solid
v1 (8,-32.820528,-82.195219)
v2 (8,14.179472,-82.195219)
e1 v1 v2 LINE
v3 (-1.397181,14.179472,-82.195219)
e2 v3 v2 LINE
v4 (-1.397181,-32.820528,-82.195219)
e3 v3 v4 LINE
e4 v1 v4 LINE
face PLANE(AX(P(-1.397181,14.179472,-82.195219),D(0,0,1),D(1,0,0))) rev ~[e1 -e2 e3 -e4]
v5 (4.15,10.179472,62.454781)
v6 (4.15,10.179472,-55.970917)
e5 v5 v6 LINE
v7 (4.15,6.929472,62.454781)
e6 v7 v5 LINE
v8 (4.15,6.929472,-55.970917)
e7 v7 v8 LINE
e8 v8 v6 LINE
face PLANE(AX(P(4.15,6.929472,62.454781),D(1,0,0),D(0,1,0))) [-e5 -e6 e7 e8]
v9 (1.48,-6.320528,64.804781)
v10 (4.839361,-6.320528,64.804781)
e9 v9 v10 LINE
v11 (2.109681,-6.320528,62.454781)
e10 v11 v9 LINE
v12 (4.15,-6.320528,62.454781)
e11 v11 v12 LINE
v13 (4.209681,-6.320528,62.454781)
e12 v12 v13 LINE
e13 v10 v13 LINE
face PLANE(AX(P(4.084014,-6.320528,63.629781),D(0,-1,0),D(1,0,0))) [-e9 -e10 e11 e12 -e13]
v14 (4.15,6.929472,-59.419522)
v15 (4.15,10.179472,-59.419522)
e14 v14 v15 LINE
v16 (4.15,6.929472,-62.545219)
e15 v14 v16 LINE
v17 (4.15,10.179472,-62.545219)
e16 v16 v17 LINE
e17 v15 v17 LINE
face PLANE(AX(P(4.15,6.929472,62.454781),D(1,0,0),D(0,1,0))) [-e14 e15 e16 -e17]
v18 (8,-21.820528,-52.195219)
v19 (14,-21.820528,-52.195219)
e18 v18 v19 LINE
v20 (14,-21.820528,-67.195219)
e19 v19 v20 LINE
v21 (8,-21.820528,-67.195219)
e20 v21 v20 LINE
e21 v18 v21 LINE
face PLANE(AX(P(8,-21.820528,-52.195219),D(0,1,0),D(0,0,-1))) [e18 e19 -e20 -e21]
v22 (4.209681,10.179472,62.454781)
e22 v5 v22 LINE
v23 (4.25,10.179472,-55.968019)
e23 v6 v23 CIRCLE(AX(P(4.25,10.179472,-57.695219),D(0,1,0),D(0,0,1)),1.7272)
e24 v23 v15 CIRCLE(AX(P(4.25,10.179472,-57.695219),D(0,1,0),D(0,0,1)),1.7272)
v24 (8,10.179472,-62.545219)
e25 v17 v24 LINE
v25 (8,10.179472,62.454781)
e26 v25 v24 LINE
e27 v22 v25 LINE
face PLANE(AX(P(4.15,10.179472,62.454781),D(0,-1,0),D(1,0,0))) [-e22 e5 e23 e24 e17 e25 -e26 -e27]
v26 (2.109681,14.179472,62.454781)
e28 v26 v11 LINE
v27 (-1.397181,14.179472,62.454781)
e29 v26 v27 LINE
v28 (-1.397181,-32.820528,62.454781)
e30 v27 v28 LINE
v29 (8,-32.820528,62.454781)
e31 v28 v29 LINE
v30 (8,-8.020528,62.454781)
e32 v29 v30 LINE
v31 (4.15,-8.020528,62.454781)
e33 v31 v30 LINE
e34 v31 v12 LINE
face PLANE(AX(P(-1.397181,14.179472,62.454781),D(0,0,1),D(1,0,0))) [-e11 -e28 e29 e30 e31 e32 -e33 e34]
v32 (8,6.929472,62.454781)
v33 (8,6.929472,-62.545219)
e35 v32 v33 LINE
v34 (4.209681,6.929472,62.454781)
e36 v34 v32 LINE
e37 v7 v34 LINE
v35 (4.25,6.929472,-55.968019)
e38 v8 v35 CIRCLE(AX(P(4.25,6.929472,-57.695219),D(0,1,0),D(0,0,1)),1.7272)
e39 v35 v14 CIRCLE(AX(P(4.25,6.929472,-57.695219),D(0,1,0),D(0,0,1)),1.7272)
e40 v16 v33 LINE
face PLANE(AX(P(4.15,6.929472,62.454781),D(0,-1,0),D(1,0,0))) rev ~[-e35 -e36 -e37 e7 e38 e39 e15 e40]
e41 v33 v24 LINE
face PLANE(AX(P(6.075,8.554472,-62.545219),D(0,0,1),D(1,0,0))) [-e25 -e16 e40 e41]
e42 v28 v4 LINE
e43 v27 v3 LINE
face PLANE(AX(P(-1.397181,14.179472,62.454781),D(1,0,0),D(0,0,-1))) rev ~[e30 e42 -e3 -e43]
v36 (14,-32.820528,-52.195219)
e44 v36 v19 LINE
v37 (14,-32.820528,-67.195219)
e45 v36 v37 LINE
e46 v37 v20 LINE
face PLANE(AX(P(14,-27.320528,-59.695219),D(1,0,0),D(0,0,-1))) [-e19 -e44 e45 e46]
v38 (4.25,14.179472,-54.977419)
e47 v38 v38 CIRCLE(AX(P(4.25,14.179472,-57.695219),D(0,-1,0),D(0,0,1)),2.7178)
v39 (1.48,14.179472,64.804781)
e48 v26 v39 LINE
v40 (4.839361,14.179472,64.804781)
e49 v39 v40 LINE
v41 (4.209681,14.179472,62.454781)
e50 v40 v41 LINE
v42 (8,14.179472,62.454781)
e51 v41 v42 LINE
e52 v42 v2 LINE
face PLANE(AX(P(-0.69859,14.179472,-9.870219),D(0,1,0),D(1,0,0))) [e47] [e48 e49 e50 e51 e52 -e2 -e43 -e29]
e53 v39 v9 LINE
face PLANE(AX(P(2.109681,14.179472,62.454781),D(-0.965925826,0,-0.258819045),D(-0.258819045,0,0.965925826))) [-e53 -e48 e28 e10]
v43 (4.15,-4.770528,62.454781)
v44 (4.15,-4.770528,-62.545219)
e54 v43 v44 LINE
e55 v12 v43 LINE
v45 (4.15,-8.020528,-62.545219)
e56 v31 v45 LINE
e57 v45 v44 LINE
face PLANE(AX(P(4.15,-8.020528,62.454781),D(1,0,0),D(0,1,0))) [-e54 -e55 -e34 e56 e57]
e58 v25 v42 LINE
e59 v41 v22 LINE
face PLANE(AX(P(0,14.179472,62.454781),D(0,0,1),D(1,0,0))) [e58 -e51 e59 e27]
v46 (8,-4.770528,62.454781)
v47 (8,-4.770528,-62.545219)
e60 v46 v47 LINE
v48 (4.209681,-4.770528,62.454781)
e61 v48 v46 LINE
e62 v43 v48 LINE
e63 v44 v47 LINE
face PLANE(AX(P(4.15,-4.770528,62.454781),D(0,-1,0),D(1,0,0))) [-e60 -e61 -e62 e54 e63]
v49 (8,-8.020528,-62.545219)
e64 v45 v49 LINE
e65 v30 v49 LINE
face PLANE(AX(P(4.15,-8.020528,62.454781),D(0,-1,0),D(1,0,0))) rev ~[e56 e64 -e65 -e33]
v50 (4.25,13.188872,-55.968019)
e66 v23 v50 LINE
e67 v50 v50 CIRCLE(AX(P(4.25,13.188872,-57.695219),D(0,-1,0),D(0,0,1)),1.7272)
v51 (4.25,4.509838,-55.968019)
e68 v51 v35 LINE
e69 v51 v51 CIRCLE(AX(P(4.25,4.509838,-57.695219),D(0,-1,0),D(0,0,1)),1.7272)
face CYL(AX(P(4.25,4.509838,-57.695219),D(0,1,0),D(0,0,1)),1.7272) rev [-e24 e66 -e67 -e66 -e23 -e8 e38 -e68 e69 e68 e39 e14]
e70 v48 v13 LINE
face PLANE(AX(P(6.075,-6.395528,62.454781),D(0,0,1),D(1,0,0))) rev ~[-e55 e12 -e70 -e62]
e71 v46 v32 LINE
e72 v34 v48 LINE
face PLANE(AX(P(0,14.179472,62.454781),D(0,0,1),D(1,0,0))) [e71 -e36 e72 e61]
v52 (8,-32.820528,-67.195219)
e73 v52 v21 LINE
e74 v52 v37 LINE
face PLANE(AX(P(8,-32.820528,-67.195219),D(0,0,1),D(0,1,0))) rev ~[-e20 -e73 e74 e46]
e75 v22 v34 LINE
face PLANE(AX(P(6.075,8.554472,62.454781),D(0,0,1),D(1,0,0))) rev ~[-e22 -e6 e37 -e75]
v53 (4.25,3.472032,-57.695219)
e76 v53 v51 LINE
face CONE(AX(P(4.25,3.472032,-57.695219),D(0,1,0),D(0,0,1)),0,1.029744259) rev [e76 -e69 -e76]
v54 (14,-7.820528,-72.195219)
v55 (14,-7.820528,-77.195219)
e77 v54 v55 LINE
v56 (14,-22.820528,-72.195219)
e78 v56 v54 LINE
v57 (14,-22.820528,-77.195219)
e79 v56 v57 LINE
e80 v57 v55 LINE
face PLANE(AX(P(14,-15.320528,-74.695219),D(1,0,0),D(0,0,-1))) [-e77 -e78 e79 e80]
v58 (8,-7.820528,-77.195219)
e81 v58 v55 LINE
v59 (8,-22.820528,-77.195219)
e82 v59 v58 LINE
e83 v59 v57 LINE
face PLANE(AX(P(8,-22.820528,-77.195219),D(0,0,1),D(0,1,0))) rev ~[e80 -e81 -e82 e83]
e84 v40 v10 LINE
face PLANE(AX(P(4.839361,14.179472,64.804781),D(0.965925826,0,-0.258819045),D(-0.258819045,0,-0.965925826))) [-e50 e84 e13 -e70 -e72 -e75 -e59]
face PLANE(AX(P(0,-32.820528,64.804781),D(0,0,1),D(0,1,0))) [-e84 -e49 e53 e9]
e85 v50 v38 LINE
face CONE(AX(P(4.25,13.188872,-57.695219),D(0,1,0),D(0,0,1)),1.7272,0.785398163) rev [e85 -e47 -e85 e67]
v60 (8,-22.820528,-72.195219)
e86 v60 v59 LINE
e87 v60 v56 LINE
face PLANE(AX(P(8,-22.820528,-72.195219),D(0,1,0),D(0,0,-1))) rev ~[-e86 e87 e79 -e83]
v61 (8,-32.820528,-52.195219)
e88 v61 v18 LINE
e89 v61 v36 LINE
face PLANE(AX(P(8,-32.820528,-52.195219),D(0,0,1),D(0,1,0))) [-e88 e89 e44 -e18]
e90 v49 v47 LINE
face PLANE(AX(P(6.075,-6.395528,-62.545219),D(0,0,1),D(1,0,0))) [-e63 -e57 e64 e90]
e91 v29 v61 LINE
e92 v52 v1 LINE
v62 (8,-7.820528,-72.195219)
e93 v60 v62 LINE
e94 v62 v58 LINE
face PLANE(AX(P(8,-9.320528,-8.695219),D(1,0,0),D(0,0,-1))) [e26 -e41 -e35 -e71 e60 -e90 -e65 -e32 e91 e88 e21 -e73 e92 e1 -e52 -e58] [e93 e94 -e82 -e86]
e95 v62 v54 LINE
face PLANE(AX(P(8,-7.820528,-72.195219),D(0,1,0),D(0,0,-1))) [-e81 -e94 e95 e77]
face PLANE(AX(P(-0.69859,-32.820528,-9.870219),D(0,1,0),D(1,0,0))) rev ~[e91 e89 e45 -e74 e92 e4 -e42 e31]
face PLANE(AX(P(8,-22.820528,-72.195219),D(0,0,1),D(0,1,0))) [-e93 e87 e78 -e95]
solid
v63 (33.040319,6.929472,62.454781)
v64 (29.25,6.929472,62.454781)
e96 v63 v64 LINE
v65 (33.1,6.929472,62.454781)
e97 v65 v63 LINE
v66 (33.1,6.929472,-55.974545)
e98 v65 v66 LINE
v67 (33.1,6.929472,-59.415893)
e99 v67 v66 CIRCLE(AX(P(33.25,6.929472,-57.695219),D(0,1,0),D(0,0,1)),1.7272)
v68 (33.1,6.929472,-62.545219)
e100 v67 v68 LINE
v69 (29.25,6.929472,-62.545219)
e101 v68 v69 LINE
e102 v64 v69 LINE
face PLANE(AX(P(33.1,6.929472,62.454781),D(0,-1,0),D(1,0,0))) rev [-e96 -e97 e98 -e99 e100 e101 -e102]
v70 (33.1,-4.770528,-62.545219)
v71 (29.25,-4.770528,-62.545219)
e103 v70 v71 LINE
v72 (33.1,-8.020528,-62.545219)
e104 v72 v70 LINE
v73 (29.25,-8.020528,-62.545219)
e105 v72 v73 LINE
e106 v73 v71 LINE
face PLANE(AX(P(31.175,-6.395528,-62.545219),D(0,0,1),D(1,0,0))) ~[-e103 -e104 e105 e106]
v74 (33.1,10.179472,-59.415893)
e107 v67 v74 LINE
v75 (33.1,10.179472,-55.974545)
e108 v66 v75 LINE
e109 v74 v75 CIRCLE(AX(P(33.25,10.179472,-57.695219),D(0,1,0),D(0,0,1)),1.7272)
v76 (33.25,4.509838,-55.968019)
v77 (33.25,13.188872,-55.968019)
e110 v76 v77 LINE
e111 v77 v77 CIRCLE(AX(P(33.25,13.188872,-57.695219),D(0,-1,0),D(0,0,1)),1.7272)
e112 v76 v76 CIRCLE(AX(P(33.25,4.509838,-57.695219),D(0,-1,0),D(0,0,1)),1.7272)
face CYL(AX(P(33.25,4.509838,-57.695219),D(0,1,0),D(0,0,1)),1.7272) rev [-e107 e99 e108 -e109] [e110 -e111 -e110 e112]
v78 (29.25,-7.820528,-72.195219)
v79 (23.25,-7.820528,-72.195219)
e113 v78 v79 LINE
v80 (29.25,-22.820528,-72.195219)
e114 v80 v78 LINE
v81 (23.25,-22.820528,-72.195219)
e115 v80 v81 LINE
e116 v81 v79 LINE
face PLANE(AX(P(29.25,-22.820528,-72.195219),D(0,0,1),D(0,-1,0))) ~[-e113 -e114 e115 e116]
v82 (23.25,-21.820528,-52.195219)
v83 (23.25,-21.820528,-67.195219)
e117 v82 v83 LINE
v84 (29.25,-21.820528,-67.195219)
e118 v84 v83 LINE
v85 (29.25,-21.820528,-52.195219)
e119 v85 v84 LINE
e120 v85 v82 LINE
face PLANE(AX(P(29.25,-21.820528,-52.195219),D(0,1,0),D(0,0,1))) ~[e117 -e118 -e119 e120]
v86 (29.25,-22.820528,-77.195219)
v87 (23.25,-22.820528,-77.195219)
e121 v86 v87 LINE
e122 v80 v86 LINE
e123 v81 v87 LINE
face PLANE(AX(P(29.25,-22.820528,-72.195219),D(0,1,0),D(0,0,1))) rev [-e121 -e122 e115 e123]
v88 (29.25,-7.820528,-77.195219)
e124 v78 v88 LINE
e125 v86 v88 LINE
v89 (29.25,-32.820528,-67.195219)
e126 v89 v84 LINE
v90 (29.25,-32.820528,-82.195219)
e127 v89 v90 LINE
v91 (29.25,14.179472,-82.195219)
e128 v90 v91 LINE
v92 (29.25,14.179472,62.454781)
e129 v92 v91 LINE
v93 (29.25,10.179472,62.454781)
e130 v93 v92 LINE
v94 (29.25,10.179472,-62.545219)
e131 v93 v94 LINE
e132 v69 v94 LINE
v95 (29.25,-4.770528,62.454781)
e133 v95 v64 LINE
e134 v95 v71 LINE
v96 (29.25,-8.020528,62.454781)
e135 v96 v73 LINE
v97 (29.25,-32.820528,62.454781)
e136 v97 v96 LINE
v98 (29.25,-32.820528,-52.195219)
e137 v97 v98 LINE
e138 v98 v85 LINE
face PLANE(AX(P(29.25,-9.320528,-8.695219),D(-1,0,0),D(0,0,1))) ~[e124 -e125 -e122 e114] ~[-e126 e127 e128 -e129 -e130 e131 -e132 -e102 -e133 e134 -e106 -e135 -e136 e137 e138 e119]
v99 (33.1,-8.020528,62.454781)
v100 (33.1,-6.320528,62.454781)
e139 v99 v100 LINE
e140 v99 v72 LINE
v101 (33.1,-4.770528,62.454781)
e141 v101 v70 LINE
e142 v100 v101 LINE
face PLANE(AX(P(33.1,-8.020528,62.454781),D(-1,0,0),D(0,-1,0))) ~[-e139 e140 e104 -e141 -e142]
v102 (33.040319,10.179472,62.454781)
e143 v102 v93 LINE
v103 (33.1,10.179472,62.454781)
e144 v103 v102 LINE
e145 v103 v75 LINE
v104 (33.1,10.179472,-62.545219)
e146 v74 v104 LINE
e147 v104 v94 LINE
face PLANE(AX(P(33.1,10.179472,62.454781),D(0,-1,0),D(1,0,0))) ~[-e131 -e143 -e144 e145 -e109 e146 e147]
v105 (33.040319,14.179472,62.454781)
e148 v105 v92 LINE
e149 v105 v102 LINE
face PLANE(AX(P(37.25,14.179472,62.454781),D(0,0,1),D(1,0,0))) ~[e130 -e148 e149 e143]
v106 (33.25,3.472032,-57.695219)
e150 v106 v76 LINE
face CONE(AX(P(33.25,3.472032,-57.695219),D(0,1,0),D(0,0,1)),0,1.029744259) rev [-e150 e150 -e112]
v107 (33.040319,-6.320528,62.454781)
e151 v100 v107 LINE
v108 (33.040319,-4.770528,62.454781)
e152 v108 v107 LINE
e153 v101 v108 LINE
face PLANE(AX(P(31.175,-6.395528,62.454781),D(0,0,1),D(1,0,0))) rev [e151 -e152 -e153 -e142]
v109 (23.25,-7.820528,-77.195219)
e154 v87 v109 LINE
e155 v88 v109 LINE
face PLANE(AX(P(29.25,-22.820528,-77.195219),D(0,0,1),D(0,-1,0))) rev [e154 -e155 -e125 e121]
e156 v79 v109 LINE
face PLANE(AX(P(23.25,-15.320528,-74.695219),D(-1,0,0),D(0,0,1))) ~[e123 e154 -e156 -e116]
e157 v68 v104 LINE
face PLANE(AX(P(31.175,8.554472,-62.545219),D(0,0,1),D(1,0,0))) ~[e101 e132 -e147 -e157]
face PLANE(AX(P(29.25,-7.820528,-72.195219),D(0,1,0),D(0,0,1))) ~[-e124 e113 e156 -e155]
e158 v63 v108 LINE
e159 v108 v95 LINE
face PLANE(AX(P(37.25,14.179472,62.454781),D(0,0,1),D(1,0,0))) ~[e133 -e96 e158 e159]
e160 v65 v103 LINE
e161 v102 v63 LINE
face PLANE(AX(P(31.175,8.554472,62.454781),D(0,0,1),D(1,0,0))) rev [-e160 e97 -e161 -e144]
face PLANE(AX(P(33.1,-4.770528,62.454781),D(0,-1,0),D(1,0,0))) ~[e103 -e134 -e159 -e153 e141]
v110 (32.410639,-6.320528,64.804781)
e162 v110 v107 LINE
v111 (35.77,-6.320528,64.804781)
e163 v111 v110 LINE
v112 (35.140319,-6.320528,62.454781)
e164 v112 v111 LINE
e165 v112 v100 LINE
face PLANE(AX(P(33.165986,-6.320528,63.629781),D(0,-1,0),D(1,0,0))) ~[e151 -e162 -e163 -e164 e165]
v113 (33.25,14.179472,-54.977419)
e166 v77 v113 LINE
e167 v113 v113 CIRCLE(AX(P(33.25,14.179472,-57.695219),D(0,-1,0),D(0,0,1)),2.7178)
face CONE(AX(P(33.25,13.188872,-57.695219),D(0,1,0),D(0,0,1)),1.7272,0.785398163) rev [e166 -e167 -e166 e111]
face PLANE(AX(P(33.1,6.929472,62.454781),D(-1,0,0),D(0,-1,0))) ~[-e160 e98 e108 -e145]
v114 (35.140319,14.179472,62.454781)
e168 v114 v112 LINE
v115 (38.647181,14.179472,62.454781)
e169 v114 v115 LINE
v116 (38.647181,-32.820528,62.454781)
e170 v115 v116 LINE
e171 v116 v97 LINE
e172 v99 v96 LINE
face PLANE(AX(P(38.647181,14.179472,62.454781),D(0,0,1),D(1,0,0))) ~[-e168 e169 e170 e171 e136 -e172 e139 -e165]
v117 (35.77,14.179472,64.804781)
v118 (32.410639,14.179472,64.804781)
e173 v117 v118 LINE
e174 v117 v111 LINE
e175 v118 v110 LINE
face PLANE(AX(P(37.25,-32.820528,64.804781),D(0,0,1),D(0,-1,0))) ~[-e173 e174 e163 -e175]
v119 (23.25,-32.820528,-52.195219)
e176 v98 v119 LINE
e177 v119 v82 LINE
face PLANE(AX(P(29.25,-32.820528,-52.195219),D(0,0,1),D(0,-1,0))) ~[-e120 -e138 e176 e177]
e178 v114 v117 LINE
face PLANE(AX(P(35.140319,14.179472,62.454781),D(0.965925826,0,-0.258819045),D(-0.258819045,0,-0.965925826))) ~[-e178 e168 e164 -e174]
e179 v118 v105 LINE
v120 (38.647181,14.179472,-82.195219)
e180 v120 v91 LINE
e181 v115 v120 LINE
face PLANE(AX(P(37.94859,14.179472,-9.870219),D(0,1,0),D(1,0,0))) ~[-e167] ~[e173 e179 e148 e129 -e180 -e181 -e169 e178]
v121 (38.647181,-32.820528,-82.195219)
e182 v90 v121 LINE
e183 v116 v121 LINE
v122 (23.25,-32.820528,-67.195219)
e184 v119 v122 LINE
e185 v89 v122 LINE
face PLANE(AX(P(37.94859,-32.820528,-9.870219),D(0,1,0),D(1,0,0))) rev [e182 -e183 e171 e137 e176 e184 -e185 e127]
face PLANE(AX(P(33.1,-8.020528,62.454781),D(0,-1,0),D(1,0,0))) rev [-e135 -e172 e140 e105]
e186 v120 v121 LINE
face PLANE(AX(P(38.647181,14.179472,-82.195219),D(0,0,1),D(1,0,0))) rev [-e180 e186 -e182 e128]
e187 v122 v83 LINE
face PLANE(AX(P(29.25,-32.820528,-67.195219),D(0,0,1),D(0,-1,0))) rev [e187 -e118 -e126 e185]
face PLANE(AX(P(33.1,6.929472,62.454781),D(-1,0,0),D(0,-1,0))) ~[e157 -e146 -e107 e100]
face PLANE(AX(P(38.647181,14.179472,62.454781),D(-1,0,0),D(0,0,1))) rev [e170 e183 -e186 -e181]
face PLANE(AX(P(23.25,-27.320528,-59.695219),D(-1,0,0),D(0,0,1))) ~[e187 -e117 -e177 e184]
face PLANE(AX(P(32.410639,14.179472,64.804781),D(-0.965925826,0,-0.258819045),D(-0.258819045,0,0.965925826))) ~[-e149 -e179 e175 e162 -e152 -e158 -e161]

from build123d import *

# Parameters (mm, degrees)
SKETCH1_W                      = 147
SKETCH1_H                      = 47
BOSS_EXTRUDE1_DEPTH            = 8
CUT_EXTRUDE8_DEPTH             = 25
SKETCH43_W                     = 5
SKETCH43_H                     = 15
BOSS_EXTRUDE8_DEPTH            = 6
SKETCH44_W                     = 15
SKETCH44_H                     = 11
BOSS_EXTRUDE9_DEPTH            = 6
SKETCH13_W                     = 12
SKETCH13_H                     = 2.35
CUT_EXTRUDE9_DEPTH             = 26.5
SKETCH46_W                     = 3.85
SKETCH46_H                     = 3.25
CUT_EXTRUDE15_DEPTH            = 125
SKETCH47_W                     = 1.397180602
SKETCH47_H                     = 144.65
BOSS_EXTRUDE10_DEPTH           = 47
F_8_32_TAPPED_HOLE1_AT_2_COUNT = 2
F_8_32_TAPPED_HOLE1_AT_2_PITCH = 29


with BuildPart() as part:
    # Sketch1 → Boss-Extrude1 (new body)
    with BuildSketch(Plane(origin=(0, 0, 0), x_dir=(0, 0, -1), z_dir=(1, 0, 0))):
        with Locations((8.695219221, -9.320528122)):
            Rectangle(SKETCH1_W, SKETCH1_H)
    extrude(amount=BOSS_EXTRUDE1_DEPTH)

    # Sketch12 → Cut-Extrude8 (cut)
    with BuildSketch(Plane(origin=(0, 14.179471878, 0), x_dir=(1, 0, 0), z_dir=(0, 1, 0))):
        Polygon((0, -62.454780779), (2.109680602, -62.454780779), (1.48, -64.804780779), (0, -64.804780779), align=None)
        Polygon((8, -62.454780779), (8, -64.804780779), (4.839361204, -64.804780779), (4.209680602, -62.454780779), align=None)
    extrude(amount=-CUT_EXTRUDE8_DEPTH, mode=Mode.SUBTRACT)

    # Sketch43 → Boss-Extrude8 (add)
    with BuildSketch(Plane(origin=(8, 0, 0), x_dir=(0, 0, -1), z_dir=(1, 0, 0))):
        with Locations((74.695219221, -15.320528122)):
            Rectangle(SKETCH43_W, SKETCH43_H)
    extrude(amount=BOSS_EXTRUDE8_DEPTH)

    # Sketch44 → Boss-Extrude9 (add)
    with BuildSketch(Plane(origin=(8, 0, 0), x_dir=(0, 0, -1), z_dir=(1, 0, 0))):
        with Locations((59.695219221, -27.320528122)):
            Rectangle(SKETCH44_W, SKETCH44_H)
    extrude(amount=BOSS_EXTRUDE9_DEPTH)

    # Sketch13 → Cut-Extrude9 (cut)
    with BuildSketch(Plane.XZ.offset(32.820528122)):
        with Locations((4.084013989, 63.629780779)):
            Rectangle(SKETCH13_W, SKETCH13_H)
    extrude(amount=-CUT_EXTRUDE9_DEPTH, mode=Mode.SUBTRACT)

    # Sketch46 → Cut-Extrude15 (cut)
    with BuildSketch(Plane.XY.offset(62.454780779)):
        with Locations((6.075, 8.554471878)):
            Rectangle(SKETCH46_W, SKETCH46_H)
        with Locations((6.075, -6.395528122)):
            Rectangle(SKETCH46_W, SKETCH46_H)
    extrude(amount=-CUT_EXTRUDE15_DEPTH, mode=Mode.SUBTRACT)

    # Sketch47 → Boss-Extrude10 (add)
    with BuildSketch(Plane(origin=(0, 14.179471878, 0), x_dir=(1, 0, 0), z_dir=(0, 1, 0))):
        with Locations((-0.698590301, 9.870219221)):
            Rectangle(SKETCH47_W, SKETCH47_H)
    extrude(amount=-BOSS_EXTRUDE10_DEPTH)


with BuildPart() as body_2:
    # Mirror4: mirrored copy
    add(part.part.mirror(Plane.ZY.offset(-18.625)))

    # Sketch37 → #8-32 Tapped Hole1 (revolve, cut)
    with BuildSketch(Plane(origin=(33.25, 14.179471878, -57.695219221), x_dir=(0, 0, 1), z_dir=(1, 0, 0))):
        Polygon((0, 0), (0, 10.70744), (1.7272, 9.669633539), (1.7272, 0.9906), (2.7178, 0), align=None)
    f_8_32_tapped_hole1 = revolve(axis=Axis((33.25, 20.529471878, -57.695219221), (0, -1, 0)), mode=Mode.SUBTRACT)


with BuildPart() as part_1:
    add(part.part)

    # #8-32 Tapped Hole1 at 2: #8-32 Tapped Hole1 ×2
    with Locations(*[(-i * F_8_32_TAPPED_HOLE1_AT_2_PITCH, 0, 0) for i in range(1, F_8_32_TAPPED_HOLE1_AT_2_COUNT)]):
        add(f_8_32_tapped_hole1, mode=Mode.SUBTRACT)


solid = Compound([body_2.part, part_1.part])
